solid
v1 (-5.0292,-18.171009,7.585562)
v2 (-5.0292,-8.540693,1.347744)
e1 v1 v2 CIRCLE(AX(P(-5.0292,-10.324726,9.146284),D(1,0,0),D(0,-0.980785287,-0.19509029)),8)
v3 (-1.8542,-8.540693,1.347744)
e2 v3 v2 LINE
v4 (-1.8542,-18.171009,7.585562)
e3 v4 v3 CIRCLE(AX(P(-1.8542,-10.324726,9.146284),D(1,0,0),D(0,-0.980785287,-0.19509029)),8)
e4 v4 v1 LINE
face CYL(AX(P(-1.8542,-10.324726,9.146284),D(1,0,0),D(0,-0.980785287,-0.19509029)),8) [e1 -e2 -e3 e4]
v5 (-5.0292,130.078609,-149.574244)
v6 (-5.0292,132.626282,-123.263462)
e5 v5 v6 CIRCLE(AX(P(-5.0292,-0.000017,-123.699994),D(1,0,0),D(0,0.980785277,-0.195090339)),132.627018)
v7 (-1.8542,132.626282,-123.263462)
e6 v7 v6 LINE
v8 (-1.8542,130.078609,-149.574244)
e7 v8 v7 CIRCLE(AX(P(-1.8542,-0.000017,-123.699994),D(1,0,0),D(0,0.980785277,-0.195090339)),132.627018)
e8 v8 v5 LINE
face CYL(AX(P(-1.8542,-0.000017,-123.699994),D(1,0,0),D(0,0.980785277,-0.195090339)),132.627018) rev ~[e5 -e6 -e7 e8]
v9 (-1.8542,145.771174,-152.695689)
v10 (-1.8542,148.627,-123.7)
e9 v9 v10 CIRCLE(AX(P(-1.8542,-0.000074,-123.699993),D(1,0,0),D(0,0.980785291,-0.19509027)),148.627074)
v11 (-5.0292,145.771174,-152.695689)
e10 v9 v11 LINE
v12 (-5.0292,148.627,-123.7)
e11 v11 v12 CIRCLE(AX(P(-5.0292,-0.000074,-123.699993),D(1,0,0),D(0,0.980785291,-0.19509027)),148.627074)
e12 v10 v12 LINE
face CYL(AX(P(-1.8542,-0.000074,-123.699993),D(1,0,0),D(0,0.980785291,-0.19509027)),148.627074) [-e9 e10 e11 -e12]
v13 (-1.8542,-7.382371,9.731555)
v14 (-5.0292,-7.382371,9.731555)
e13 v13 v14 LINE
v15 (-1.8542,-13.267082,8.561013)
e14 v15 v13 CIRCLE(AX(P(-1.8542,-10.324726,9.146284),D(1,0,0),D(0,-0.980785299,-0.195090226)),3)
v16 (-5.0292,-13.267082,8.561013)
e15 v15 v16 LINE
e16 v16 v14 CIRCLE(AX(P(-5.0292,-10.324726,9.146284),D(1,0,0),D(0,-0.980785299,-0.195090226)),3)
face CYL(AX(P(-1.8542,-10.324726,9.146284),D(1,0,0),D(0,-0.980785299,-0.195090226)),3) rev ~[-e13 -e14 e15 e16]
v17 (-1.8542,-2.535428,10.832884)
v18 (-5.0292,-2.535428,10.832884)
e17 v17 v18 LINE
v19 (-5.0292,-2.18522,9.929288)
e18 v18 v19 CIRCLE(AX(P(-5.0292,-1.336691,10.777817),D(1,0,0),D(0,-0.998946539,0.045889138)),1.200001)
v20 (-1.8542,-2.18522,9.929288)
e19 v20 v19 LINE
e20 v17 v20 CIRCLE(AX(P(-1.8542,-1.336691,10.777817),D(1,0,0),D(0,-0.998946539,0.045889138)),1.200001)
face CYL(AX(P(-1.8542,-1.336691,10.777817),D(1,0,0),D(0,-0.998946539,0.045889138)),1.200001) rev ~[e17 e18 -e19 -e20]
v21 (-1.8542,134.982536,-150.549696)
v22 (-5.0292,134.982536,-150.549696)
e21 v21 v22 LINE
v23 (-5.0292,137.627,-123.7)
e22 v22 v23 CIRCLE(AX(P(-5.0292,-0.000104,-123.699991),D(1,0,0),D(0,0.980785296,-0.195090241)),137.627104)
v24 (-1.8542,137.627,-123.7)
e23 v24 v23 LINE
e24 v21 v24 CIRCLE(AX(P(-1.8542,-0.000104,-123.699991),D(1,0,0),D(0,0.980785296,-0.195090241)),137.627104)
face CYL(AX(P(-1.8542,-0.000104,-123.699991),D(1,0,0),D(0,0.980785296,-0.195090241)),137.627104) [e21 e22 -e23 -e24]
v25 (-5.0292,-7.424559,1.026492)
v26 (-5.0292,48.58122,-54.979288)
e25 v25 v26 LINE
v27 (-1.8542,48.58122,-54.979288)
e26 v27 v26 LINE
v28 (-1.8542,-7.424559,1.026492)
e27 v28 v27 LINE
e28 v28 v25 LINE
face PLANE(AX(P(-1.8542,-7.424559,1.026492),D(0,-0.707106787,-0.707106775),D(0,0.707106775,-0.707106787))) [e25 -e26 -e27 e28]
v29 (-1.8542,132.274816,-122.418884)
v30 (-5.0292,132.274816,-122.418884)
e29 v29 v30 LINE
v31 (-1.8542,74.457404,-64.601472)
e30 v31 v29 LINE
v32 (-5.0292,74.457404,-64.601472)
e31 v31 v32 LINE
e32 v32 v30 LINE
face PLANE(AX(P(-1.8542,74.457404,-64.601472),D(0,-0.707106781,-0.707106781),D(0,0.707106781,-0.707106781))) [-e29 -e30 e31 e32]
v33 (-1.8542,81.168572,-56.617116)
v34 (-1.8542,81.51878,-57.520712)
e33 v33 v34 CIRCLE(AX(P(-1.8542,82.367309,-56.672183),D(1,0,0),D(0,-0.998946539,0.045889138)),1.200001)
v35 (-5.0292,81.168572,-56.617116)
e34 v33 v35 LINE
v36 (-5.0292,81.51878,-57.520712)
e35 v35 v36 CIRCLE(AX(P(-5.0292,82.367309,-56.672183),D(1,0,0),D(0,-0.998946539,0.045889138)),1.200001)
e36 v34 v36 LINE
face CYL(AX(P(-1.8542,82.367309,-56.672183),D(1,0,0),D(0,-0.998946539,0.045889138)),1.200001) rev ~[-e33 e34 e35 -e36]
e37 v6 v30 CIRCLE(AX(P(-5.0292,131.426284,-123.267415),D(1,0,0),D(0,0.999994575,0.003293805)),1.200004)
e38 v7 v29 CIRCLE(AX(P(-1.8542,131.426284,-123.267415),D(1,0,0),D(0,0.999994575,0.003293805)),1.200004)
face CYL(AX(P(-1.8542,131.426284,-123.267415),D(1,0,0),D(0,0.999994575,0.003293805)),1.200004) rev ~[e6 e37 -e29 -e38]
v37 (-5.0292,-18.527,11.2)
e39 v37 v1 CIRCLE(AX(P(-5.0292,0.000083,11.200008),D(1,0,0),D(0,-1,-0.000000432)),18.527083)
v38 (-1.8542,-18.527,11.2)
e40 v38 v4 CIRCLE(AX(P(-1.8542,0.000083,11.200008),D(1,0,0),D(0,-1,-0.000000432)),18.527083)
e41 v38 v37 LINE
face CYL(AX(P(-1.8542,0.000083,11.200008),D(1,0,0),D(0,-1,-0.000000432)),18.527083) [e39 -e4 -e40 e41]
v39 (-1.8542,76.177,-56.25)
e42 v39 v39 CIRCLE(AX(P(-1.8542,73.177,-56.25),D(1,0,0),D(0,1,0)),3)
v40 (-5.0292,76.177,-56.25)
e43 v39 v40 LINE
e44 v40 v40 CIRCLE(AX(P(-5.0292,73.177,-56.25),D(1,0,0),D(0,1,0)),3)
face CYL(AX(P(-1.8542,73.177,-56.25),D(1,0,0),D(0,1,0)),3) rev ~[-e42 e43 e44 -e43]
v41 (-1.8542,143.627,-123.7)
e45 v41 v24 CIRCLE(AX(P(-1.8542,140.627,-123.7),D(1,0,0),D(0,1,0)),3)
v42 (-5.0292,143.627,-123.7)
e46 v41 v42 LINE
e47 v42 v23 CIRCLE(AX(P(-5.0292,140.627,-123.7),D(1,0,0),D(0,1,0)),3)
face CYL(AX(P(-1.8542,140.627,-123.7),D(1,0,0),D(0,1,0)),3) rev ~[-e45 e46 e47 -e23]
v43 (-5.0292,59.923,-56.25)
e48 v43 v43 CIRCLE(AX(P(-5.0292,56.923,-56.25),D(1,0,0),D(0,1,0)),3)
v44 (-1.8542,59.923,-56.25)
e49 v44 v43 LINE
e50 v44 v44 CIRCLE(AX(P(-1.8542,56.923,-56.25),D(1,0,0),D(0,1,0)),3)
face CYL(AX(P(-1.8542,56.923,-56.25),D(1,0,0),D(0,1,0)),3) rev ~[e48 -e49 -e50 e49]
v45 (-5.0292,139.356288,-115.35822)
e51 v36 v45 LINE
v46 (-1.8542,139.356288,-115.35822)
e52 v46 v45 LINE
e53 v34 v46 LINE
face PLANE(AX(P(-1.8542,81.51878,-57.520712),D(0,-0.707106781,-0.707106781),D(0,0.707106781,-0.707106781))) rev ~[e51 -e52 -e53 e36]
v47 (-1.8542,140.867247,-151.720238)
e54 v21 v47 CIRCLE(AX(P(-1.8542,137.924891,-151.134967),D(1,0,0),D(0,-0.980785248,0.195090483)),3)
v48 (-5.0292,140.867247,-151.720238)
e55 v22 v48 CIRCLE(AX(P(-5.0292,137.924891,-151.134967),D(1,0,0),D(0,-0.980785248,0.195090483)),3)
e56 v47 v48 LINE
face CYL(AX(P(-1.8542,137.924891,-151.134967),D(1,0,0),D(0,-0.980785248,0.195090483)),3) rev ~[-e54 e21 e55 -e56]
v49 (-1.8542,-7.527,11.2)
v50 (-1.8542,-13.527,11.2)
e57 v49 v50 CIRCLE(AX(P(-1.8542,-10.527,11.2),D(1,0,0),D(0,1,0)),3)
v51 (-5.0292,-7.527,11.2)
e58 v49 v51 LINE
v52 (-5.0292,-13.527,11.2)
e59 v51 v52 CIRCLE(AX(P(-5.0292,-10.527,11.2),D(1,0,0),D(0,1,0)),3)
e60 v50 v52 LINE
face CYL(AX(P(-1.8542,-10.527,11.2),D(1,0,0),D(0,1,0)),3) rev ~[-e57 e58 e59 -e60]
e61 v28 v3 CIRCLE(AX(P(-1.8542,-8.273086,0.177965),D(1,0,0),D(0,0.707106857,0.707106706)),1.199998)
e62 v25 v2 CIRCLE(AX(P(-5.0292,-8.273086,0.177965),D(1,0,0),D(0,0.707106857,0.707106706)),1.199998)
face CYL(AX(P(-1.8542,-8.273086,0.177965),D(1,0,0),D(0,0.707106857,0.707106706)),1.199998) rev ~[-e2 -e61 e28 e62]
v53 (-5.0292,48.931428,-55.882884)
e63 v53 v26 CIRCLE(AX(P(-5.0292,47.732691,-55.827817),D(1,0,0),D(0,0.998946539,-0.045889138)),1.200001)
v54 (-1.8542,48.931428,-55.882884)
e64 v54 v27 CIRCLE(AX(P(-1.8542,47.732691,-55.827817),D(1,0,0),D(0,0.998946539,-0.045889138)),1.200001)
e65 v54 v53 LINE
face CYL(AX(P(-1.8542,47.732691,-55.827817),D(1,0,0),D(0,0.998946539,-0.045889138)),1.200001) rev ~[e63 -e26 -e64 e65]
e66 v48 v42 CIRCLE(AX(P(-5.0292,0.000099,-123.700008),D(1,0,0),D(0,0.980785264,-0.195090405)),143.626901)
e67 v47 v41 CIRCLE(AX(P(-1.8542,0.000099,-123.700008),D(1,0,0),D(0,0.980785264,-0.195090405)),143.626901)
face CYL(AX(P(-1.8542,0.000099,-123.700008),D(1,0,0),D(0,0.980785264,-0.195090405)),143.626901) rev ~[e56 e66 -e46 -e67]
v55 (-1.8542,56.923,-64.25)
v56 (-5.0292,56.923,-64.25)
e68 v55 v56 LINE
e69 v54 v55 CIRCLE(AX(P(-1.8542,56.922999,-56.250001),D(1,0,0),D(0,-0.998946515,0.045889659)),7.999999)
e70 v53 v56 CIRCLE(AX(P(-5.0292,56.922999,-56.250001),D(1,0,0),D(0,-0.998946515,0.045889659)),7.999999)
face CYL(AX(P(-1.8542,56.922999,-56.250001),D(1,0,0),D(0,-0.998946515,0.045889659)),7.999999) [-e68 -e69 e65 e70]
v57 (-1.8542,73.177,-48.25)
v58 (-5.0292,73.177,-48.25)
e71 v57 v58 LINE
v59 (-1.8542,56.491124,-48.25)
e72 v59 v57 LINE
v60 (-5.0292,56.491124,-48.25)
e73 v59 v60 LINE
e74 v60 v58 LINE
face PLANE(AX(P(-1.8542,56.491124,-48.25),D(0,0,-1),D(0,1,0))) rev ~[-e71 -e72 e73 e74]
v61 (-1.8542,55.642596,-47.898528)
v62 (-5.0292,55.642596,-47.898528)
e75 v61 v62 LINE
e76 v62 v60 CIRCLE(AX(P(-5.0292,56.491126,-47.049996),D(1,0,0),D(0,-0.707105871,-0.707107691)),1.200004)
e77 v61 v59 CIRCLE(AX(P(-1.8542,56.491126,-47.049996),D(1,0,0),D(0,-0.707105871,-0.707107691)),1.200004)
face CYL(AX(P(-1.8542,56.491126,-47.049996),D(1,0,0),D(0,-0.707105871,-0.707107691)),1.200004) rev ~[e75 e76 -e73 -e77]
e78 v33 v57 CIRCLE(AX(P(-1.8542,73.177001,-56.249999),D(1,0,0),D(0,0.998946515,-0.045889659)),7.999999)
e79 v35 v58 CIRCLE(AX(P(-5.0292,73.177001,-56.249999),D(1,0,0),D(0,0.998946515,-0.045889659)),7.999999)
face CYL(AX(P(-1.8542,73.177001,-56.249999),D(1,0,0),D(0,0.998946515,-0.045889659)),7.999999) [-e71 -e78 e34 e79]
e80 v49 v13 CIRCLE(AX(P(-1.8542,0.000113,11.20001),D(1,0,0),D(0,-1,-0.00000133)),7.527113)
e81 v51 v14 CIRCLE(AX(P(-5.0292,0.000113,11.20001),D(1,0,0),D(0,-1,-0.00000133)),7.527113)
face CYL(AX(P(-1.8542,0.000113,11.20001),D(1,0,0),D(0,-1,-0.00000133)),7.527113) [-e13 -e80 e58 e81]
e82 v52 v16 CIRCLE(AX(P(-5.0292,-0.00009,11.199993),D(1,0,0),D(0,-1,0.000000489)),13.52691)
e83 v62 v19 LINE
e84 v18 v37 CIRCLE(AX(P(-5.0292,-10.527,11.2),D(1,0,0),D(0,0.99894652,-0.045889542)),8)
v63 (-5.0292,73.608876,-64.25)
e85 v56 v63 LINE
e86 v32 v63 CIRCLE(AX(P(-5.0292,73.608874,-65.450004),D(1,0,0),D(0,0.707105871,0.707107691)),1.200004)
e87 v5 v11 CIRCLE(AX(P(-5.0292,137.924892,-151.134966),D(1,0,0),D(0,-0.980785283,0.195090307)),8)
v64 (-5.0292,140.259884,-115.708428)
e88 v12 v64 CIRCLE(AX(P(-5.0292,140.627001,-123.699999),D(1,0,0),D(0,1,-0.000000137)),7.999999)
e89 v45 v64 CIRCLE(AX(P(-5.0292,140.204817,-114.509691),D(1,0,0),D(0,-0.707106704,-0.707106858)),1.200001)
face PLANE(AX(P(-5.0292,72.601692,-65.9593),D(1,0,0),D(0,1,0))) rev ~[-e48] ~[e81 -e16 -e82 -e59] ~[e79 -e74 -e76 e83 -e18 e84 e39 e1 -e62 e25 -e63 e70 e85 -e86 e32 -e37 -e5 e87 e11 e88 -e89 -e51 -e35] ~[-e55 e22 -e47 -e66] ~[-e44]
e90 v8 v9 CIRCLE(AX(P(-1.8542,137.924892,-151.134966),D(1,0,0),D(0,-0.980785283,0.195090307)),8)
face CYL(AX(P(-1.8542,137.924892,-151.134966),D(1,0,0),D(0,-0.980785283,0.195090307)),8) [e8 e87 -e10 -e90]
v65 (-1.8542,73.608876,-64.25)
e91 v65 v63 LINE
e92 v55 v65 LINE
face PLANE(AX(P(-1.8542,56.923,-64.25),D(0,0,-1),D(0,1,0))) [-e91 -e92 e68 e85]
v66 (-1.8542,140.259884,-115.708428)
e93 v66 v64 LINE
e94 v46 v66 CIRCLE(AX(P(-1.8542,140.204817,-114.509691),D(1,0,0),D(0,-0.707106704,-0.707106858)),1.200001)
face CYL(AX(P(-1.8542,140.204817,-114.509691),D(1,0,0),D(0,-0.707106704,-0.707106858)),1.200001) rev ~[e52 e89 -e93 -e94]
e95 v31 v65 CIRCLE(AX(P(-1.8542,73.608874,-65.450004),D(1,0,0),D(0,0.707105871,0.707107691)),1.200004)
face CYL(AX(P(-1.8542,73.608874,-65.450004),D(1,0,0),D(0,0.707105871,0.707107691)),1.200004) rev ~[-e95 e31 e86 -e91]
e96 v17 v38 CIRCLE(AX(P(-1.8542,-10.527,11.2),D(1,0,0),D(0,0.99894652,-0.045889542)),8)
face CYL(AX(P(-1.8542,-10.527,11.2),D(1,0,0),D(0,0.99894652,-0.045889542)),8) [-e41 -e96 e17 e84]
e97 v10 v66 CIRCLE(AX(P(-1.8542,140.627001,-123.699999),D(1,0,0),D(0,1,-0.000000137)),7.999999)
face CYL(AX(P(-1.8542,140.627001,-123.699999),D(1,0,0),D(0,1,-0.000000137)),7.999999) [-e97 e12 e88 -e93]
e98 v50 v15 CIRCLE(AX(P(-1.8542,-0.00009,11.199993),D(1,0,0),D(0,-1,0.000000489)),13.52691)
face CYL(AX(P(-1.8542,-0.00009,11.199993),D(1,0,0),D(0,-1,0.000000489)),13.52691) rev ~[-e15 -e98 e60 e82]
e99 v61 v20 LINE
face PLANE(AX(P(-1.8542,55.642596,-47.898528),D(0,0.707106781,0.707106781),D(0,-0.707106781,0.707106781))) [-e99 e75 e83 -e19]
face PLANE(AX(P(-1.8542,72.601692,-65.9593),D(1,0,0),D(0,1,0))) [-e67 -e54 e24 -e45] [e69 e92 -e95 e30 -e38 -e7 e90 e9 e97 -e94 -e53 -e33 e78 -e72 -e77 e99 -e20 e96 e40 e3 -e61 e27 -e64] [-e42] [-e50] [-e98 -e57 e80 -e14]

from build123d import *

# Parameters (mm, degrees)
SKETCH_R  = 3
PAD_DEPTH = 3.175


with BuildPart() as part:
    # Sketch (on Face26 of Binder) → Pad (new body)
    with BuildSketch(Plane.YZ.offset(-1.8542)):
        with BuildLine():
            ThreePointArc((48.931428, -55.882884), (51.137806, -61.775535), (56.923, -64.25))
            Line((56.923, -64.25), (73.608876, -64.25))
            ThreePointArc((74.457404, -64.601472), (74.068096, -64.341345), (73.608876, -64.25))
            Line((74.457404, -64.601472), (132.274816, -122.418884))
            ThreePointArc((132.626282, -123.263462), (132.534186, -122.806368), (132.274816, -122.418884))
            ThreePointArc((130.078609, -149.574244), (132.00958, -136.482484), (132.626282, -123.263462))
            ThreePointArc((130.078609, -149.574244), (136.364169, -158.981249), (145.771174, -152.695689))
            ThreePointArc((145.771174, -152.695689), (147.91132, -138.267994), (148.627, -123.7))
            ThreePointArc((148.627, -123.7), (146.152535, -117.914806), (140.259884, -115.708428))
            ThreePointArc((139.356288, -115.35822), (139.771162, -115.628595), (140.259884, -115.708428))
            Line((81.51878, -57.520712), (139.356288, -115.35822))
            ThreePointArc((81.168572, -56.617116), (81.248405, -57.105838), (81.51878, -57.520712))
            ThreePointArc((81.168572, -56.617116), (78.962194, -50.724465), (73.177, -48.25))
            Line((56.491124, -48.25), (73.177, -48.25))
            ThreePointArc((55.642596, -47.898528), (56.031904, -48.158655), (56.491124, -48.25))
            Line((55.642596, -47.898528), (-2.18522, 9.929288))
            ThreePointArc((-2.535428, 10.832884), (-2.455595, 10.344162), (-2.18522, 9.929288))
            ThreePointArc((-2.535428, 10.832884), (-10.343393, 19.197893), (-18.527, 11.2))
            ThreePointArc((-18.527, 11.2), (-18.437787, 9.384036), (-18.171009, 7.585562))
            ThreePointArc((-18.171009, 7.585562), (-14.673899, 2.43177), (-8.540693, 1.347744))
            ThreePointArc((-7.424559, 1.026492), (-7.941171, 1.331147), (-8.540693, 1.347744))
            Line((-7.424559, 1.026492), (48.58122, -54.979288))
            ThreePointArc((48.931428, -55.882884), (48.851595, -55.394162), (48.58122, -54.979288))
        make_face()
        with Locations((56.923, -56.25)):
            Circle(SKETCH_R, mode=Mode.SUBTRACT)
        with Locations((73.177, -56.25)):
            Circle(SKETCH_R, mode=Mode.SUBTRACT)
        with BuildLine():
            ThreePointArc((-13.527, 11.2), (-13.461864, 9.874122), (-13.267082, 8.561013))
            ThreePointArc((-13.267082, 8.561013), (-9.739456, 6.203928), (-7.382371, 9.731555))
            ThreePointArc((-7.527, 11.2), (-7.490755, 10.462225), (-7.382371, 9.731555))
            ThreePointArc((-7.527, 11.2), (-10.527, 14.2), (-13.527, 11.2))
        make_face(mode=Mode.SUBTRACT)
        with BuildLine():
            ThreePointArc((140.867247, -151.720238), (142.935397, -137.777908), (143.627, -123.7))
            ThreePointArc((143.627, -123.7), (140.627, -120.7), (137.627, -123.7))
            ThreePointArc((134.982536, -150.549696), (136.964288, -137.189805), (137.627, -123.7))
            ThreePointArc((134.982536, -150.549696), (137.339621, -154.077323), (140.867247, -151.720238))
        make_face(mode=Mode.SUBTRACT)
    extrude(amount=-PAD_DEPTH)


solid = part.part
